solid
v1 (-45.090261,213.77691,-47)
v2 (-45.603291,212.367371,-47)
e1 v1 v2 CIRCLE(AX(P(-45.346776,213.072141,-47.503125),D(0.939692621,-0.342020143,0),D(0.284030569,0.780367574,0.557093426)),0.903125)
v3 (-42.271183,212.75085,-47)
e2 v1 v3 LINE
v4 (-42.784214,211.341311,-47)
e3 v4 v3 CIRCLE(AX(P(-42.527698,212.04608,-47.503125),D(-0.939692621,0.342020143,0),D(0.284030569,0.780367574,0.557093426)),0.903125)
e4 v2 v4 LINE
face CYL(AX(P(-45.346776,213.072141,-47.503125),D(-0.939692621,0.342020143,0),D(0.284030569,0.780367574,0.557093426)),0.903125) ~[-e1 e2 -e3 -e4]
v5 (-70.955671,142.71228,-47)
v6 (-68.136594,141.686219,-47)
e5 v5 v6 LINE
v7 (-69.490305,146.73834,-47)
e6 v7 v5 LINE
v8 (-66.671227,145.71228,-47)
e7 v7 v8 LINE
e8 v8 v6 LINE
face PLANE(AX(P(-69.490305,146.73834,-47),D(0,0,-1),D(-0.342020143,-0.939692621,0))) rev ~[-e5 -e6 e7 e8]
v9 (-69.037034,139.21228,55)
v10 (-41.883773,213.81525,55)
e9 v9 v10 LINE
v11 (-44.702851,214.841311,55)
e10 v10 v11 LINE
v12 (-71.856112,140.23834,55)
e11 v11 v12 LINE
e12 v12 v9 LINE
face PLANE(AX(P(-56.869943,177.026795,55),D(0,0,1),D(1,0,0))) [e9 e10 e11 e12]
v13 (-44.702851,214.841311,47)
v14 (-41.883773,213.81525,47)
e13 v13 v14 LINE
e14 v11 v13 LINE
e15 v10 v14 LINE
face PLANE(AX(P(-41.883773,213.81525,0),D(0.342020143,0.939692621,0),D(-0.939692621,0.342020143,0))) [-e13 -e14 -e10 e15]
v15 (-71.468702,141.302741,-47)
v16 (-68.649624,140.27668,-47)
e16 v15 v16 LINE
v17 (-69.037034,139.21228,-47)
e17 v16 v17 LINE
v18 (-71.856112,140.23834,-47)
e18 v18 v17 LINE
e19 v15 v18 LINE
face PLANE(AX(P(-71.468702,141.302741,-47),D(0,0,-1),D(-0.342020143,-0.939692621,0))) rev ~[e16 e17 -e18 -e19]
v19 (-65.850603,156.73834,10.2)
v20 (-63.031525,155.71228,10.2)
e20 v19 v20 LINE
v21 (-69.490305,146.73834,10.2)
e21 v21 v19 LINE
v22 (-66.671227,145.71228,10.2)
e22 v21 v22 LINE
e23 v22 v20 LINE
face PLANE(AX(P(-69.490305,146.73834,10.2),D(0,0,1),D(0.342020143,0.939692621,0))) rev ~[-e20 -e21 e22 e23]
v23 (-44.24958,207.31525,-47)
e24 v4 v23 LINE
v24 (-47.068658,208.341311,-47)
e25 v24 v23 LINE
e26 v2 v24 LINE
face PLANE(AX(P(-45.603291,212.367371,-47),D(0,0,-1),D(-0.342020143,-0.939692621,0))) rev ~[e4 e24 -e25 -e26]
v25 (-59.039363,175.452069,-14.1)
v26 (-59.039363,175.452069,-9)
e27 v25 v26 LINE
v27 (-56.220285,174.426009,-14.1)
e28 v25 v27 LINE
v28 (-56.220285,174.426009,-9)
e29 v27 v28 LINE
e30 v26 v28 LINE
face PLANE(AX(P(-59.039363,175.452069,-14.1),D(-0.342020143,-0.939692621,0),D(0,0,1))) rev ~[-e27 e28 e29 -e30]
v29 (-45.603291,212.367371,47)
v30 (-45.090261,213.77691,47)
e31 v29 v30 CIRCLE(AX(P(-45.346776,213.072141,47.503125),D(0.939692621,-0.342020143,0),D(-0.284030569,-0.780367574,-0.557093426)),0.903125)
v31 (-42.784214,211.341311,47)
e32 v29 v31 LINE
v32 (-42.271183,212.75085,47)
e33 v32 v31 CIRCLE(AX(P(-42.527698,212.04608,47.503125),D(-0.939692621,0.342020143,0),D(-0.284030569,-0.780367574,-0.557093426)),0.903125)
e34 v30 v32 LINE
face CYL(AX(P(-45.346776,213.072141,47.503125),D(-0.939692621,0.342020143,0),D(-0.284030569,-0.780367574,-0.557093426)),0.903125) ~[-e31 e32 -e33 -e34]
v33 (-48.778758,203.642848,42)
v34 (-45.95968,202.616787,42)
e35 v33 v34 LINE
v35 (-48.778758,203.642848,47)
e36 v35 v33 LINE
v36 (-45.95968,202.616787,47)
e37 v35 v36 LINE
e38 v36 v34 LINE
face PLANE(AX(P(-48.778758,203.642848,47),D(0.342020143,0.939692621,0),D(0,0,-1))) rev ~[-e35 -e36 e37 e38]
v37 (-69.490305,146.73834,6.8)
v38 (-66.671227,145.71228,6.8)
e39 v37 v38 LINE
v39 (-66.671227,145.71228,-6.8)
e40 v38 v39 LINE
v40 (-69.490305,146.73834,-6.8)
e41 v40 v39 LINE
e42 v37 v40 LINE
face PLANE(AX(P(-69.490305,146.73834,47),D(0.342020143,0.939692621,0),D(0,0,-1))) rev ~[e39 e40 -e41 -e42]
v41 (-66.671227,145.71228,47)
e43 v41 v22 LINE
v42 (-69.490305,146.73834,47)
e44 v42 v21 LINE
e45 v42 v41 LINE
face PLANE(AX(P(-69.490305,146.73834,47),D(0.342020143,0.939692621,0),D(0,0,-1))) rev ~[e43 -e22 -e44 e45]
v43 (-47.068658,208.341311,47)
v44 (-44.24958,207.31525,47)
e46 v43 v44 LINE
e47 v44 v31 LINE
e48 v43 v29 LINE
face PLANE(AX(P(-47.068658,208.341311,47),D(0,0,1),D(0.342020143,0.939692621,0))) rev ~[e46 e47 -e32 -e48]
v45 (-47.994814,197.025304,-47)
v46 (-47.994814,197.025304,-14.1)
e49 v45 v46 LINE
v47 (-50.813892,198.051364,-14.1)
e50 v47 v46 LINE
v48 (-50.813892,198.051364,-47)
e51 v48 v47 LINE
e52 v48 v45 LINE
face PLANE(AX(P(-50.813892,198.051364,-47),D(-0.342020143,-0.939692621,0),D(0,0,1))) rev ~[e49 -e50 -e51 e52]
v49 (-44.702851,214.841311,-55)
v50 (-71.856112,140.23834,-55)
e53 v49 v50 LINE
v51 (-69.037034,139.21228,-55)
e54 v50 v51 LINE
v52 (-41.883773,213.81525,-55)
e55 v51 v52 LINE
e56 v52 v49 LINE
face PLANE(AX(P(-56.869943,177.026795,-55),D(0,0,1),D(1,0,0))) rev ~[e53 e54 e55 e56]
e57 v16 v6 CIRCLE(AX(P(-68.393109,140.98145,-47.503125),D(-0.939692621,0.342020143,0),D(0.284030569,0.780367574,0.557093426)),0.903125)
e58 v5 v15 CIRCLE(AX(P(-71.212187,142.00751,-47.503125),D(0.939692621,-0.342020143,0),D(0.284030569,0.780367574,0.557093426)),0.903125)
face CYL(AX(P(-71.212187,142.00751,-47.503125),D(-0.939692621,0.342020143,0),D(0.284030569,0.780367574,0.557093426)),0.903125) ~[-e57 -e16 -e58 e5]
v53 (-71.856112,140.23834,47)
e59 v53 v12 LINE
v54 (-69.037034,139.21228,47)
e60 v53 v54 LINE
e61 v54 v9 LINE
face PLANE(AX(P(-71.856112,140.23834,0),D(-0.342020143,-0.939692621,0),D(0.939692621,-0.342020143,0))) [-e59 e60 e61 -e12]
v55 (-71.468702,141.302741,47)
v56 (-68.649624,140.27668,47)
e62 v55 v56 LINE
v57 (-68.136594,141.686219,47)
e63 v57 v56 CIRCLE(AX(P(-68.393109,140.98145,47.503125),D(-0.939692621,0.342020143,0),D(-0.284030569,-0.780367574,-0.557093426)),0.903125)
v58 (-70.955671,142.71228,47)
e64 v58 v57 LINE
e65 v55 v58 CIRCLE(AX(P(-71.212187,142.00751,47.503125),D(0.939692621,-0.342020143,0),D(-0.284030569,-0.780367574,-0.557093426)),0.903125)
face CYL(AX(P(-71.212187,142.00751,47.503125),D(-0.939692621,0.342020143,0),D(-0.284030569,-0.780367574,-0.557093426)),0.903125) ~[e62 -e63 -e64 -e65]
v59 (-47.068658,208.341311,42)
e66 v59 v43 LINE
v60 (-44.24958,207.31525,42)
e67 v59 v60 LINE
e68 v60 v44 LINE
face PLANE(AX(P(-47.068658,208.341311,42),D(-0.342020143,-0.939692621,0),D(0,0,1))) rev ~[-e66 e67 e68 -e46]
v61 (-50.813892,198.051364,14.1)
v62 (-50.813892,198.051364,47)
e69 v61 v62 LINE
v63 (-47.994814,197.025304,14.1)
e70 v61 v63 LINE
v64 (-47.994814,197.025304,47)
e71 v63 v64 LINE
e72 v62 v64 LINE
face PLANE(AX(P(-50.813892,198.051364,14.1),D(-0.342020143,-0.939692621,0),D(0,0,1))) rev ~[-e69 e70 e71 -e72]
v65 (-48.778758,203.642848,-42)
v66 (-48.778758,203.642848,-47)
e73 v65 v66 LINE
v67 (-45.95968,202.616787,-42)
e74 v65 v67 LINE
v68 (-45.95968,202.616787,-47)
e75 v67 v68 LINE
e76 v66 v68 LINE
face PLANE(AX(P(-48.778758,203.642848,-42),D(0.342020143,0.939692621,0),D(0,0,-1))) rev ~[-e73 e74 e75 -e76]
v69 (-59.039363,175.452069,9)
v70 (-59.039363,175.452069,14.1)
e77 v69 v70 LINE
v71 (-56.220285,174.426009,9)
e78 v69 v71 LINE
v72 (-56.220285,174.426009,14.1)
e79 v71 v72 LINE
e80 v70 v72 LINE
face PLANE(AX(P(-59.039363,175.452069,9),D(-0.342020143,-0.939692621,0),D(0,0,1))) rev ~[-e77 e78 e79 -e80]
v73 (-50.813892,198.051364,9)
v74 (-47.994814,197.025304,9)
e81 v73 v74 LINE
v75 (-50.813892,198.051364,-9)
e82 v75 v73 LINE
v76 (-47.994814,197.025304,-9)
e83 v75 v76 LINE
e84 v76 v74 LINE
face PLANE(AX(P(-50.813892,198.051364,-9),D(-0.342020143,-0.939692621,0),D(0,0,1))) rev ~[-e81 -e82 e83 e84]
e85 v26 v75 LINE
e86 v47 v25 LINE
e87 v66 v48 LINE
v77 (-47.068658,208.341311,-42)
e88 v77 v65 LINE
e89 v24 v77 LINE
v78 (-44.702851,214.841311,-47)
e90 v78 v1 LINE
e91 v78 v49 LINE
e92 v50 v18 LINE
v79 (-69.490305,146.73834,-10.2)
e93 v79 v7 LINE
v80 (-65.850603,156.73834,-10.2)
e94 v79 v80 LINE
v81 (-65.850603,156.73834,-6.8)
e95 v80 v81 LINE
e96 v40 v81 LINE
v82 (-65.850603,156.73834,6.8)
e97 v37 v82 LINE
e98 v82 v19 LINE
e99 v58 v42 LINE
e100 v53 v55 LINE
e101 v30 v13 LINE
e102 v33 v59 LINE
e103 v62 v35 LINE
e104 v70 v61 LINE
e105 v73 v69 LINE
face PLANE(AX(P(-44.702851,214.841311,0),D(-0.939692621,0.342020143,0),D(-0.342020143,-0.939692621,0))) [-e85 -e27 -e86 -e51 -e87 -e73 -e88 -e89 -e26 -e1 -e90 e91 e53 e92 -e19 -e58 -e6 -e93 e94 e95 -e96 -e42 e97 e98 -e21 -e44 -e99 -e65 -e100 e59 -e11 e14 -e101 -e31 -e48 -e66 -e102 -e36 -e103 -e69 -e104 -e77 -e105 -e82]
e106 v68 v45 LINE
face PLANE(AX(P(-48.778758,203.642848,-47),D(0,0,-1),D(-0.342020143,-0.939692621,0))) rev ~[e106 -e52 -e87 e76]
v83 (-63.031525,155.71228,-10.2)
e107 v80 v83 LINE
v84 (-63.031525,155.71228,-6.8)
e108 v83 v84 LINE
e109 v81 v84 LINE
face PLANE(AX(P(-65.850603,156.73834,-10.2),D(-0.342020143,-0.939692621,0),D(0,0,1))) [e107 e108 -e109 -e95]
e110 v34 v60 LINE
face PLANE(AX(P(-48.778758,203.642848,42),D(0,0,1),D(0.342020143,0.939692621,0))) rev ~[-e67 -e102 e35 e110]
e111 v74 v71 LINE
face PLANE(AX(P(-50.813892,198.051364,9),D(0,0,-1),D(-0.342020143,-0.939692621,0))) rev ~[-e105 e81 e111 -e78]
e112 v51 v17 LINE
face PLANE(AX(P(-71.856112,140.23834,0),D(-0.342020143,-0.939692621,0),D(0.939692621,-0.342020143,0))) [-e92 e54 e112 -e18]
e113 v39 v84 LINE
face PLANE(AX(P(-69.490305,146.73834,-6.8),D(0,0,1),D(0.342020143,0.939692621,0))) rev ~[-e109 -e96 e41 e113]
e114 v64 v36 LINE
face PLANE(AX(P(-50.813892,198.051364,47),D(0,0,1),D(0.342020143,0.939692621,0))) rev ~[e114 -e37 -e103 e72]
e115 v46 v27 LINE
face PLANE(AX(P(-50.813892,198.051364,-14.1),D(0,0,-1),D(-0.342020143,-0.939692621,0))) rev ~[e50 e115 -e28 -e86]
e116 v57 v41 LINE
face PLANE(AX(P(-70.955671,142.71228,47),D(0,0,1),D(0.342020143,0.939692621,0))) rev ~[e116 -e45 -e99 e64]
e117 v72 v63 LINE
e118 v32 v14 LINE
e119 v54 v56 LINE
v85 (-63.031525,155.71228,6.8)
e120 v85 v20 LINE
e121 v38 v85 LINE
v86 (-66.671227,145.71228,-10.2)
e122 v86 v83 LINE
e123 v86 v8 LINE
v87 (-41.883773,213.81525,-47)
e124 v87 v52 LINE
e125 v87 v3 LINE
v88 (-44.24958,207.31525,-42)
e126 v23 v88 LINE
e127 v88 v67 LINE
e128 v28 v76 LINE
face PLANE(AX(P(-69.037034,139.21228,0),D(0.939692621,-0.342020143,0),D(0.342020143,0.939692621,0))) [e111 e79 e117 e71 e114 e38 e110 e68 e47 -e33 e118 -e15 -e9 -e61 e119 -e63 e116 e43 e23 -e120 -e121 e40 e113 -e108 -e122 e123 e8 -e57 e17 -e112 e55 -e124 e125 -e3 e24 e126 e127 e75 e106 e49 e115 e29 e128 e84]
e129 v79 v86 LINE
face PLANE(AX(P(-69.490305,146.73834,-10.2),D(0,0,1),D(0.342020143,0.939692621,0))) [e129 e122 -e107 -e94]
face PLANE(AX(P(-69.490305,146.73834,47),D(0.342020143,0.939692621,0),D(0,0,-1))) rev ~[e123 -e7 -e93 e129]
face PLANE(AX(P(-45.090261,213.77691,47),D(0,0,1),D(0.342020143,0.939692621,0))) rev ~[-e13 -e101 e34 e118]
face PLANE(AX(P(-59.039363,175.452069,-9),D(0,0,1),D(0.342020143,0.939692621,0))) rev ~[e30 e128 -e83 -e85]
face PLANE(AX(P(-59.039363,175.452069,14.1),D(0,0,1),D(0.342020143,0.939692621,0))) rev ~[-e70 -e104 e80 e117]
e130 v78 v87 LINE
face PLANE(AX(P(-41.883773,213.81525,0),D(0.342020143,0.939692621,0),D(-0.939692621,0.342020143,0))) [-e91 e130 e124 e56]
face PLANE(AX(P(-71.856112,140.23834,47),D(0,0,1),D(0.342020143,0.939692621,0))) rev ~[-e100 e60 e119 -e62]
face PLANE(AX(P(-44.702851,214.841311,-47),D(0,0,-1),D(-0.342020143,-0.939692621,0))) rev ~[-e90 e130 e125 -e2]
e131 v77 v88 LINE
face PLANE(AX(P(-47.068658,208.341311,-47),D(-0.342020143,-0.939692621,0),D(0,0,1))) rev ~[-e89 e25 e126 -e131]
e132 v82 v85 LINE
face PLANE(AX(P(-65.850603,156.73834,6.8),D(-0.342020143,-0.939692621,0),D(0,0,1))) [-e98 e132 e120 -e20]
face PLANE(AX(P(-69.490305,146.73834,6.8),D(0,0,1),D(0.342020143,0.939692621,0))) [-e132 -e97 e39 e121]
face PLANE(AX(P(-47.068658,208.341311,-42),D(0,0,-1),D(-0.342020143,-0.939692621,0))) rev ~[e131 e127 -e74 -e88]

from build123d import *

# Parameters (mm, degrees)
BOSS_EXTRUDE1_DEPTH       = 55
TOP_TAB_NOTCH_REACH       = 197.475
BOTTOM_TAB_NOTCH_REACH    = 197.475
BOTTOM_CENTER_SLOTS_REACH = 197.475
SKETCH6_W                 = 3.4
SKETCH6_H                 = 10.641777725


with BuildPart() as part:
    # Sketch1 → Boss-Extrude1 (new, symmetric)
    with BuildSketch(Plane.XY):
        Polygon((-44.702851081, 214.841310922), (-71.856111855, 140.238340079), (-69.037033993, 139.212279649), (-41.883773219, 213.815250492), align=None)
    extrude(amount=BOSS_EXTRUDE1_DEPTH, both=True)

    # Sketch3 → top tab notch (cut, up to next)
    with BuildSketch(Plane(origin=(-108.522277226, 39.498878665, 0), x_dir=(0, 0, 1), z_dir=(-0.9396926207859095, 0.34202014332566577, 0)), mode=Mode.PRIVATE) as top_tab_notch_sk1:
        with BuildLine():
            Line((47, 186.595518979), (-47, 186.595518979))
            Line((-47, 186.595518979), (-47, 185.462807478))
            ThreePointArc((-47, 185.462807478), (-46.6, 184.712807478), (-47, 183.962807478))
            Line((-47, 183.962807478), (-47, 179.678363458))
            Line((-47, 179.678363458), (-42, 179.678363458))
            Line((-42, 179.678363458), (-42, 174.678363458))
            Line((-42, 174.678363458), (-47, 174.678363458))
            Line((-47, 174.678363458), (-47, 168.728030606))
            Line((-47, 168.728030606), (-14.1, 168.728030606))
            Line((-14.1, 168.728030606), (-14.1, 144.678363458))
            Line((-14.1, 144.678363458), (-9, 144.678363458))
            Line((-9, 144.678363458), (-9, 168.728030606))
            Line((-9, 168.728030606), (9, 168.728030606))
            Line((9, 168.728030606), (9, 144.678363458))
            Line((9, 144.678363458), (14.1, 144.678363458))
            Line((14.1, 144.678363458), (14.1, 168.728030606))
            Line((14.1, 168.728030606), (47, 168.728030606))
            Line((47, 168.728030606), (47, 174.678363458))
            Line((47, 174.678363458), (42, 174.678363458))
            Line((42, 174.678363458), (42, 179.678363458))
            Line((42, 179.678363458), (47, 179.678363458))
            Line((47, 179.678363458), (47, 183.962807478))
            ThreePointArc((47, 183.962807478), (46.6, 184.712807478), (47, 185.462807478))
            Line((47, 185.462807478), (47, 186.595518979))
        make_face()
    top_tab_notch_tool1 = extrude(top_tab_notch_sk1.sketch, amount=-TOP_TAB_NOTCH_REACH, mode=Mode.PRIVATE) & part.part
    add(top_tab_notch_tool1.solids().sort_by_distance((-48.693367, 203.877457, 0))[0], mode=Mode.SUBTRACT)

    # Sketch5 → bottom tab notch (cut, up to next)
    with BuildSketch(Plane(origin=(-108.522277226, 39.498878665, 0), x_dir=(0, 0, 1), z_dir=(-0.9396926207859096, 0.34202014332566527, 0)), mode=Mode.PRIVATE) as bottom_tab_notch_sk1:
        with BuildLine():
            Line((47, 107.204695648), (47, 108.337407149))
            ThreePointArc((47, 108.337407149), (46.6, 109.087407149), (47, 109.837407149))
            Line((47, 109.837407149), (47, 114.121851169))
            Line((47, 114.121851169), (-47, 114.121851169))
            Line((-47, 114.121851169), (-47, 109.837407149))
            ThreePointArc((-47, 109.837407149), (-46.6, 109.087407149), (-47, 108.337407149))
            Line((-47, 108.337407149), (-47, 107.204695648))
            Line((-47, 107.204695648), (47, 107.204695648))
        make_face()
    bottom_tab_notch_tool1 = extrude(bottom_tab_notch_sk1.sketch, amount=-BOTTOM_TAB_NOTCH_REACH, mode=Mode.PRIVATE) & part.part
    add(bottom_tab_notch_tool1.solids().sort_by_distance((-70.672508, 143.490264, 0))[0], mode=Mode.SUBTRACT)

    # Sketch6 → bottom center slots (cut, up to next)
    with BuildSketch(Plane(origin=(-108.522277226, 39.498878665, 0), x_dir=(0, 0, 1), z_dir=(-0.9396926207859096, 0.34202014332566527, 0)), mode=Mode.PRIVATE) as bottom_center_slots_sk1:
        with Locations((8.5, 119.442740032)):
            Rectangle(SKETCH6_W, SKETCH6_H)
    bottom_center_slots_tool1 = extrude(bottom_center_slots_sk1.sketch, amount=-BOTTOM_CENTER_SLOTS_REACH, mode=Mode.PRIVATE) & part.part
    # Sketch6 → bottom center slots (cut, up to next)
    with BuildSketch(Plane(origin=(-108.522277226, 39.498878665, 0), x_dir=(0, 0, 1), z_dir=(-0.9396926207859096, 0.34202014332566527, 0)), mode=Mode.PRIVATE) as bottom_center_slots_sk2:
        with Locations((-8.5, 119.442740032)):
            Rectangle(SKETCH6_W, SKETCH6_H)
    bottom_center_slots_tool2 = extrude(bottom_center_slots_sk2.sketch, amount=-BOTTOM_CENTER_SLOTS_REACH, mode=Mode.PRIVATE) & part.part
    add(bottom_center_slots_tool1.solids().sort_by_distance((-67.670454, 151.73834, 8.5))[0], mode=Mode.SUBTRACT)
    add(bottom_center_slots_tool2.solids().sort_by_distance((-67.670454, 151.73834, -8.5))[0], mode=Mode.SUBTRACT)


solid = part.part
